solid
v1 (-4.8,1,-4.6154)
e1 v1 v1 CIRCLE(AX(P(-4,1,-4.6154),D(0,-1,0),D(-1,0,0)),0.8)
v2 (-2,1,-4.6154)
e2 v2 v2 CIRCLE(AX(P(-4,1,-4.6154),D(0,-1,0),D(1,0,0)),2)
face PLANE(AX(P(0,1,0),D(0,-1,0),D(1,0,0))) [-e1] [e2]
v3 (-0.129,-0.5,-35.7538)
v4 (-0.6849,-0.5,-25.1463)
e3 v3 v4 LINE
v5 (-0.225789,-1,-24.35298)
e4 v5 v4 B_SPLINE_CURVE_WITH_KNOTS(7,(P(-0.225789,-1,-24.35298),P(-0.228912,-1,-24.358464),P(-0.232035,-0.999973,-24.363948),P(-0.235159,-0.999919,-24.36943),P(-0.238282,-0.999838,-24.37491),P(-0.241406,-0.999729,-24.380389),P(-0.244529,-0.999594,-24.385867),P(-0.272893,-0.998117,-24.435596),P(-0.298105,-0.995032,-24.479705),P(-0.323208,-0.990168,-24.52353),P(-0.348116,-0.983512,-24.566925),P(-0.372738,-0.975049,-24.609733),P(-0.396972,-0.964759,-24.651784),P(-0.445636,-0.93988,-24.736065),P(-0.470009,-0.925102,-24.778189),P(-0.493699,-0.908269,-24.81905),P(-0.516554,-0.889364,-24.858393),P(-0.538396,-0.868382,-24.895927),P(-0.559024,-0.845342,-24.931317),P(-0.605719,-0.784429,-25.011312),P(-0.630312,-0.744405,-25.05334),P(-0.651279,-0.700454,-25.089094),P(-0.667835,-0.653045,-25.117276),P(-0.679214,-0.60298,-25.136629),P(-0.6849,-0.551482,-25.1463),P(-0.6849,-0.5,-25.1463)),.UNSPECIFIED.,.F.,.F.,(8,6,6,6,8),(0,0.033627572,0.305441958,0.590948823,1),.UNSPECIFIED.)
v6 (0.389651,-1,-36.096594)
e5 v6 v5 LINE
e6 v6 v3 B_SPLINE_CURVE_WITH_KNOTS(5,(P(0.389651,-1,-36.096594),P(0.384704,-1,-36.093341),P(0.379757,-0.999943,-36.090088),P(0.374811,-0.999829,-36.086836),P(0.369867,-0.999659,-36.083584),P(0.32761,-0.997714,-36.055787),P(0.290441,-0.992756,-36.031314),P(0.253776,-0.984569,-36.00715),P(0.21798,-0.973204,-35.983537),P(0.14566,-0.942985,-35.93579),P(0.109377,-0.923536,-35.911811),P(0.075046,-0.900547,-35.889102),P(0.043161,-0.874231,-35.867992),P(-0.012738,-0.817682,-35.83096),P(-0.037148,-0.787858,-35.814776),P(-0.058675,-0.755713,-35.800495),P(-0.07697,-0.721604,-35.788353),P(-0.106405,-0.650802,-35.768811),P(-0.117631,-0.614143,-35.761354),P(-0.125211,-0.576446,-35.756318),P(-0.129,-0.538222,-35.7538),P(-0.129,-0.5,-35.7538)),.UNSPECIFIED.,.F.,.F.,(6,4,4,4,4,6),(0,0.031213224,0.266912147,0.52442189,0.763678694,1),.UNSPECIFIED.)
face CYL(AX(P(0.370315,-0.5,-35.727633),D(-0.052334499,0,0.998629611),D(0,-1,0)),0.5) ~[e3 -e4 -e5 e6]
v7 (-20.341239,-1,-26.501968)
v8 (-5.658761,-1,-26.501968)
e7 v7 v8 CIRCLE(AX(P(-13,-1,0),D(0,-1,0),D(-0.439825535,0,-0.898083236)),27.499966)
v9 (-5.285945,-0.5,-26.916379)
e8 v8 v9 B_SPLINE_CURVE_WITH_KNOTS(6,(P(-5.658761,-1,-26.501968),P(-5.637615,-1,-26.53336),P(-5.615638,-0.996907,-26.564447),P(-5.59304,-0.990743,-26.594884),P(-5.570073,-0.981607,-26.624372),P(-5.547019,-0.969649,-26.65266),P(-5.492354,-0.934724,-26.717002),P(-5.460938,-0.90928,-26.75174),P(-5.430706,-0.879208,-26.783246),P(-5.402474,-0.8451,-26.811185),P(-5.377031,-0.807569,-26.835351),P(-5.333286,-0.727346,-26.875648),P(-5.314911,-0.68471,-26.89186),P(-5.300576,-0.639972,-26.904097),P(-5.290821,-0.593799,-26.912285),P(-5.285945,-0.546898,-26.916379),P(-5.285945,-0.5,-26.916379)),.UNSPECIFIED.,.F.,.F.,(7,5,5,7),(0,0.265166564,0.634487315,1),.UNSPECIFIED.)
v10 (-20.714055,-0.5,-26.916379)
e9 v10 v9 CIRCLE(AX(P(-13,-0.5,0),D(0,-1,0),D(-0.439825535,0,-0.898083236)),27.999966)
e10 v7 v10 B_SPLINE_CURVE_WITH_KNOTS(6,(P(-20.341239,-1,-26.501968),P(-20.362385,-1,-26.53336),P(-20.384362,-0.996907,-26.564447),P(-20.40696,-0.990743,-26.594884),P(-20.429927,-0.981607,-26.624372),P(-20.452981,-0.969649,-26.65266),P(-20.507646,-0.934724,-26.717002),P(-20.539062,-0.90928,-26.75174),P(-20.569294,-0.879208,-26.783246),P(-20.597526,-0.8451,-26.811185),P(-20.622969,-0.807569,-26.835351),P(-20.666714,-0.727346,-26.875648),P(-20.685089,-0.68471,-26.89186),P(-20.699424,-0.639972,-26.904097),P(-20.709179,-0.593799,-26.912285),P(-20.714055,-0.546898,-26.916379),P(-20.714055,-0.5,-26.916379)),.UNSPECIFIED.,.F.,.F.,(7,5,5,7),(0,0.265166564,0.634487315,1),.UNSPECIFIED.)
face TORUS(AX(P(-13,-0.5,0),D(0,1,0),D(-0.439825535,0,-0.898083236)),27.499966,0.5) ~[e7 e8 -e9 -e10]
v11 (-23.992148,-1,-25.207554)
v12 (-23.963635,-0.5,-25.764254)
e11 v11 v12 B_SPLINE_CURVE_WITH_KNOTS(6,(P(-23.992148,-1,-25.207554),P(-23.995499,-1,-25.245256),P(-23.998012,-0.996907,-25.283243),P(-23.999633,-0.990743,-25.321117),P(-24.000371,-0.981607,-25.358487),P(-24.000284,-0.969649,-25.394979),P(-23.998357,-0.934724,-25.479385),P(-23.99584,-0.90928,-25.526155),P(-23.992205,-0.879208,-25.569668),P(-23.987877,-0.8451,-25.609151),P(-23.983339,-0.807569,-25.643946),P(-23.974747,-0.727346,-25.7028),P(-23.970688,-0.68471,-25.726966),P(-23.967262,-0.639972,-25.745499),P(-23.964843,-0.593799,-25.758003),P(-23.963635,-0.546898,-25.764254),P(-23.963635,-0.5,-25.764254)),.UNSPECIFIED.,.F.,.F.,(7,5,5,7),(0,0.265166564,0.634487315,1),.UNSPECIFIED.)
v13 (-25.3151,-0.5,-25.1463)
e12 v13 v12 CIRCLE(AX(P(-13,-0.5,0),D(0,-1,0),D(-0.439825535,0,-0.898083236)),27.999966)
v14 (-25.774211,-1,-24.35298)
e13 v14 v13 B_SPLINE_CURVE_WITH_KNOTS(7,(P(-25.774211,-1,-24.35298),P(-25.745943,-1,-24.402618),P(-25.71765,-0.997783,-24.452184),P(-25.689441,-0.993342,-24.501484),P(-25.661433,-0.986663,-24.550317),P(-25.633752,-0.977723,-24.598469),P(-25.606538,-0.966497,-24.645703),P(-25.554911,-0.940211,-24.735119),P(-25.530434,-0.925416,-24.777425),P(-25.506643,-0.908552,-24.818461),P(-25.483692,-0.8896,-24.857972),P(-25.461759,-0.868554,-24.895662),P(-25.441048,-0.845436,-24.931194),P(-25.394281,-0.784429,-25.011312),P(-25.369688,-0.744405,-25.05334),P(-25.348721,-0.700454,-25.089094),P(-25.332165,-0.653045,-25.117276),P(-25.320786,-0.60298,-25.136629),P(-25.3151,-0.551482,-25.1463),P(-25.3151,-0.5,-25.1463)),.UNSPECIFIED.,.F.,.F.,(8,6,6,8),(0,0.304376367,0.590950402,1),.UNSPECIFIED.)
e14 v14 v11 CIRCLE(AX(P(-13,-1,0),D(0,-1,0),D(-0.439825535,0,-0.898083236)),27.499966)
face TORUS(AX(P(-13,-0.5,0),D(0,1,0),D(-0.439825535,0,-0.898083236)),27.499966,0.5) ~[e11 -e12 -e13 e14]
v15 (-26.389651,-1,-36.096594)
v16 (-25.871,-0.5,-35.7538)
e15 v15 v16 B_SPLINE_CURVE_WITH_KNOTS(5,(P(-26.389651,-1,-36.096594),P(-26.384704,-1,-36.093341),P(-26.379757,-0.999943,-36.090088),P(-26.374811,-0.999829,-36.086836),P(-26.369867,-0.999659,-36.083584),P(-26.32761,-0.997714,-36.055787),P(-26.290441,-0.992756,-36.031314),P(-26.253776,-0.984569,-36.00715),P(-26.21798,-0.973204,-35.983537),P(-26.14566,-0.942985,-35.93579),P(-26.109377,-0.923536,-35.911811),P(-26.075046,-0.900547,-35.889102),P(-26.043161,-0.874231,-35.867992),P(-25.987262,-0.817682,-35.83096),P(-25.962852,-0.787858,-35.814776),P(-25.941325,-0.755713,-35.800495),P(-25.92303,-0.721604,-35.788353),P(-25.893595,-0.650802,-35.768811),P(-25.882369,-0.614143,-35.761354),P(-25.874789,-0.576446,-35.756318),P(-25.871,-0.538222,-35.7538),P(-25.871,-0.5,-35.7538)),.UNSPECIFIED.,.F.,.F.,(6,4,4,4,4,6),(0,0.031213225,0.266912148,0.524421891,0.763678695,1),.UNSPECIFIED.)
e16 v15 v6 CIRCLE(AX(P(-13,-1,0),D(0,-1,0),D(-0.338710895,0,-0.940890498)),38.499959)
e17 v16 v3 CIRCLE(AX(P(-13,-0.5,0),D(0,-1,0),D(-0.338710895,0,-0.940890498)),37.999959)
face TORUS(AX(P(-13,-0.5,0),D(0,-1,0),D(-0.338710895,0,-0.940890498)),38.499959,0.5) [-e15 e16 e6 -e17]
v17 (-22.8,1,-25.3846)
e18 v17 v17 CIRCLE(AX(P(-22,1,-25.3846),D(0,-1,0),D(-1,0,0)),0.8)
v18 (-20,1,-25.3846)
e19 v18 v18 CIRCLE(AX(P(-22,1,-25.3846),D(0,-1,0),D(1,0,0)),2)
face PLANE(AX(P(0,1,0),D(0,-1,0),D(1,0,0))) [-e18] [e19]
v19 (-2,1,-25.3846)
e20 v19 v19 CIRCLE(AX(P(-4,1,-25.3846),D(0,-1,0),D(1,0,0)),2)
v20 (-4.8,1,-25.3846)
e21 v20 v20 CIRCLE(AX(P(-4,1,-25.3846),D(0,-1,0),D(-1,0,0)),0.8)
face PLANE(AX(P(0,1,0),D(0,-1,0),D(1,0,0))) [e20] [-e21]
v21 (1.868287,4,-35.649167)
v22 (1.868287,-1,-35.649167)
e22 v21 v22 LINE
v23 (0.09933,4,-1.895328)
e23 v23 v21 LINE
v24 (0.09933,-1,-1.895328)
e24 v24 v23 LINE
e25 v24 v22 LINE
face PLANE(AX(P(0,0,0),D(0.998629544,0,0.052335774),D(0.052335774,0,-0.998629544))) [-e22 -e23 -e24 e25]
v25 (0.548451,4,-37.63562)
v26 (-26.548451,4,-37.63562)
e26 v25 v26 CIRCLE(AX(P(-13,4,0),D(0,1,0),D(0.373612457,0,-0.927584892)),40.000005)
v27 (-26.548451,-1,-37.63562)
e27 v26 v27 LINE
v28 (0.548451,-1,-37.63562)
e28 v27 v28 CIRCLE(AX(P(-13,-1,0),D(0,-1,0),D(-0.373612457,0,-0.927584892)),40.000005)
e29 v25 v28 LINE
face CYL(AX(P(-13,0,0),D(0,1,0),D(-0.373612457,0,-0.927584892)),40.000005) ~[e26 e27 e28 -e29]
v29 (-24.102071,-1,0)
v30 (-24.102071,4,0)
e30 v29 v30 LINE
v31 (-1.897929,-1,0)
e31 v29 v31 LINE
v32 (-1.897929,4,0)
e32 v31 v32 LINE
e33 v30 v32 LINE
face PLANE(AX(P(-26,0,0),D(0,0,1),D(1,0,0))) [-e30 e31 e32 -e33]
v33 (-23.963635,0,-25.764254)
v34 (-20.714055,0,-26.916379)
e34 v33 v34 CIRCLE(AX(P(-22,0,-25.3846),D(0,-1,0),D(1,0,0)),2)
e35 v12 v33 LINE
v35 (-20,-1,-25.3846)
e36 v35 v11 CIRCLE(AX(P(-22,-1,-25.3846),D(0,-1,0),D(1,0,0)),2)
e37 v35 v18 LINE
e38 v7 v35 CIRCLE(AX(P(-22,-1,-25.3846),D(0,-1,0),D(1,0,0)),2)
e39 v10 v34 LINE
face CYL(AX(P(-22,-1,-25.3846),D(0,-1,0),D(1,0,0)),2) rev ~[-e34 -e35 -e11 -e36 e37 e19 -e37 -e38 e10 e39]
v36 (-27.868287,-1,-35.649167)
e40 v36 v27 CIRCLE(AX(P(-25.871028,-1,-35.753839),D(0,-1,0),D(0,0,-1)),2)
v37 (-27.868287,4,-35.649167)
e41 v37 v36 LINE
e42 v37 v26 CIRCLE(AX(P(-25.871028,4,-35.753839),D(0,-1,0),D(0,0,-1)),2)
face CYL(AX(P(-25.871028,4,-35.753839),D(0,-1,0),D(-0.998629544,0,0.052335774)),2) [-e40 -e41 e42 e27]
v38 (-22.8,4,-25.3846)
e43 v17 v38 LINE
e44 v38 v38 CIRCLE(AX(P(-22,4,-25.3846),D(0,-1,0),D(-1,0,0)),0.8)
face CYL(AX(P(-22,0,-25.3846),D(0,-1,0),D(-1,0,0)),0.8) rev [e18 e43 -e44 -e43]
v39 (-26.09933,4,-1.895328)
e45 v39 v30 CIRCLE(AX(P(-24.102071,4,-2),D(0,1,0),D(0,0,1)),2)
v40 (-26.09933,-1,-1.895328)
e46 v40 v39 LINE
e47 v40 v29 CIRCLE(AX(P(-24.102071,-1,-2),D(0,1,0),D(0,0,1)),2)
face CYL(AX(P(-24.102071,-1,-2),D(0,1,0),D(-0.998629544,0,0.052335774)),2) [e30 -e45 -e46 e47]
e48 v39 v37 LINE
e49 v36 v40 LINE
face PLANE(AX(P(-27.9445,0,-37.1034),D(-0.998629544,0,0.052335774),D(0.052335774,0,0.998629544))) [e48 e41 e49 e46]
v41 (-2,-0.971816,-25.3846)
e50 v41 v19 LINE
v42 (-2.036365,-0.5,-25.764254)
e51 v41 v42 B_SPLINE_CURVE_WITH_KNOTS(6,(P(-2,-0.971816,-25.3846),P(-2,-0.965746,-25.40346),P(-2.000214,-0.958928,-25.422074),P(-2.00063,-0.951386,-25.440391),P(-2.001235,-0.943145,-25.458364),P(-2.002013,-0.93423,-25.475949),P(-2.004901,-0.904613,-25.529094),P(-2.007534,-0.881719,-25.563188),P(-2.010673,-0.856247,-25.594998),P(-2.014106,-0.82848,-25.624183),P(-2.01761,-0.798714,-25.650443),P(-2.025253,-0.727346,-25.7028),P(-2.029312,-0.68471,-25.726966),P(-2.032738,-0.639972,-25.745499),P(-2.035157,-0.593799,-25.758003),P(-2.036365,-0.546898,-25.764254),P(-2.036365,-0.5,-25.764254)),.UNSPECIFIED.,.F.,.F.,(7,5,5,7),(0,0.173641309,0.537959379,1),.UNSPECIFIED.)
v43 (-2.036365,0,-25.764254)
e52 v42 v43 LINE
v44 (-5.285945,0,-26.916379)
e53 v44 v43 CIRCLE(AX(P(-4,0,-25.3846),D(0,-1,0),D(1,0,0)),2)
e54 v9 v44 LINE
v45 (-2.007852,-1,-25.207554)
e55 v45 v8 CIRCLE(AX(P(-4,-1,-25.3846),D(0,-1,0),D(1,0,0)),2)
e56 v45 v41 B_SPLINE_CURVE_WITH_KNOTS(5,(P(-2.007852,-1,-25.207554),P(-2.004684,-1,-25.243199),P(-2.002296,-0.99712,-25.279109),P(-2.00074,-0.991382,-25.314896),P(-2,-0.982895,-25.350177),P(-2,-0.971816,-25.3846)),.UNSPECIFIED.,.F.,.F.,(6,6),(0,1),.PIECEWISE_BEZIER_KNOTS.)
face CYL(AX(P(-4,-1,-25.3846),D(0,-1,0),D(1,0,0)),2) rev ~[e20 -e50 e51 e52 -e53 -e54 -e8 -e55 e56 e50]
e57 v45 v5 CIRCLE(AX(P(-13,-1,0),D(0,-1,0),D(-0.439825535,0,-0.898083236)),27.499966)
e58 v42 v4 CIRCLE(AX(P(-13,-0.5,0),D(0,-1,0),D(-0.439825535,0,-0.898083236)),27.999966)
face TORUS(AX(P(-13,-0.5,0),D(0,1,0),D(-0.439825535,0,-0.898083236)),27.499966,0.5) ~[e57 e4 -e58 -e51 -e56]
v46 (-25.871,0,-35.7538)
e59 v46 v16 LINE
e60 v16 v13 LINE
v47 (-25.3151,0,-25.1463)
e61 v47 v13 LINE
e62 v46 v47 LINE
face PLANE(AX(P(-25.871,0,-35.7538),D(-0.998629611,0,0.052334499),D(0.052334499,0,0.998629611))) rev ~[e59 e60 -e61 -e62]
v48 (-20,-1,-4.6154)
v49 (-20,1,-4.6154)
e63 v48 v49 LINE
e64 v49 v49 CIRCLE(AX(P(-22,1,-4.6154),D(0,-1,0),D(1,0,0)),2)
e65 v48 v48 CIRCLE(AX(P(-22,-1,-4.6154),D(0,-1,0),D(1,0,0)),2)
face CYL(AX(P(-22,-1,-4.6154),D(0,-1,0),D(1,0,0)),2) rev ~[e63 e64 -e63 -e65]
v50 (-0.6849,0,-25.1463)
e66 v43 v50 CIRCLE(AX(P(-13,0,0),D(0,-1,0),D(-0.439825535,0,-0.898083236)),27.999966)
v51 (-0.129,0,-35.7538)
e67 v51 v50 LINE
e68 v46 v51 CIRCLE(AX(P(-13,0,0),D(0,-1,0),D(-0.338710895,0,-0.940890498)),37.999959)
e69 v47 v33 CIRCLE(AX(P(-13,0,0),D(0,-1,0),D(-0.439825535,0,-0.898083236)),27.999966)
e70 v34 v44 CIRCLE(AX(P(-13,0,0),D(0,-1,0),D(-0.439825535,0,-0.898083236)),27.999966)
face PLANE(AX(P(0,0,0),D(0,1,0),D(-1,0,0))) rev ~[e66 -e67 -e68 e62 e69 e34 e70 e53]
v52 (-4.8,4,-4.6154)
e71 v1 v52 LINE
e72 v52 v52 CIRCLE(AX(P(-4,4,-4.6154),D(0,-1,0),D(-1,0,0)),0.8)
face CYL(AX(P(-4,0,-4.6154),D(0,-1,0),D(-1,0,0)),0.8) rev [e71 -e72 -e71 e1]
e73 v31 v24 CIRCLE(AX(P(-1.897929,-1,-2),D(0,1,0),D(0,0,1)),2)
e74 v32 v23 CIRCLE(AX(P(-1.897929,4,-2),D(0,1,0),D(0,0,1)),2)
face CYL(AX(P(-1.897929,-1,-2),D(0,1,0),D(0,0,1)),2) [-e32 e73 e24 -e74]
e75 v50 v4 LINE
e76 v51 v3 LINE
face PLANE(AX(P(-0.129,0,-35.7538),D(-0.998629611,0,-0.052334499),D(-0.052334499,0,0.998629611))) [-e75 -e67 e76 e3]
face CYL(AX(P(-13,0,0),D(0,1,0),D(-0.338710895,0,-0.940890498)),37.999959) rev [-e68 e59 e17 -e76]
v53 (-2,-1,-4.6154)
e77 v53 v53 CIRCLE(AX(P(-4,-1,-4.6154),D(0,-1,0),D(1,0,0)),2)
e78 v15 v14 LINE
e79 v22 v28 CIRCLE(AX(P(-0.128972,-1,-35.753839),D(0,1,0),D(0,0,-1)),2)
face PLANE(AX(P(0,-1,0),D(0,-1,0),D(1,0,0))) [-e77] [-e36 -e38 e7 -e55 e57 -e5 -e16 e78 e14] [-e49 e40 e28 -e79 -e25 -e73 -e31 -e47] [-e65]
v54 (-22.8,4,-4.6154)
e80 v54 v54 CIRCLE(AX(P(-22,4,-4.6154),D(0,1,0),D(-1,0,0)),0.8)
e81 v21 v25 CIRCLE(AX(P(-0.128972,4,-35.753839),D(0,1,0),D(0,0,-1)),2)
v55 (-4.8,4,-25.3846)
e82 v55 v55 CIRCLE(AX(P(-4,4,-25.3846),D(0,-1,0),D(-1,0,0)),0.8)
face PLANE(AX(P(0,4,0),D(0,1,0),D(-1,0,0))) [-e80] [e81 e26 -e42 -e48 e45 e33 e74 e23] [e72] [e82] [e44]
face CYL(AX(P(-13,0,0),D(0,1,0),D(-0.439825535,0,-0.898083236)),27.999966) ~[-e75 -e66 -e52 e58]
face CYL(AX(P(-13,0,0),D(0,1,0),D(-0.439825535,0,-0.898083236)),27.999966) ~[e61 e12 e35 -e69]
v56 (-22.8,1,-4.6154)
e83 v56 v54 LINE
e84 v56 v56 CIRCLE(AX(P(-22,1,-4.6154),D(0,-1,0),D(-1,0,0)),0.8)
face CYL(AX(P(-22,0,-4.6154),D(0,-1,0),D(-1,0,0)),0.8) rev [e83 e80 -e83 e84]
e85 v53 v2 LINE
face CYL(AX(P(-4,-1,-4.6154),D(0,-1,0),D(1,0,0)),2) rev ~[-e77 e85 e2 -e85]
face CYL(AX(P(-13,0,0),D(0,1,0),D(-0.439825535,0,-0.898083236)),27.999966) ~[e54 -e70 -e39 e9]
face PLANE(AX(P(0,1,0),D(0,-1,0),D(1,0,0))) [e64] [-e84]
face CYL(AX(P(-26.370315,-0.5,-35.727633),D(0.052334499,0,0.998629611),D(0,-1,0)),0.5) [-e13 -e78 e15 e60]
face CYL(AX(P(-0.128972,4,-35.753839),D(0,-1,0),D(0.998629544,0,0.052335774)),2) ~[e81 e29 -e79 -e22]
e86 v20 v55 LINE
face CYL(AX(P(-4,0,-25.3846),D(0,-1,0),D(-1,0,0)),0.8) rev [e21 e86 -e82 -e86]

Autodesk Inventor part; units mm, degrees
ref_plane "YZ Plane" through (0, 0, 0) normal (1, 0, 0) x (0, 1, 0)
ref_plane "XZ Plane" through (0, 0, 0) normal (0, 1, 0) x (-1, 0, 0)
ref_plane "XY Plane" through (0, 0, 0) normal (0, 0, 1) x (1, 0, 0)
sketch "スケッチ1" plane through (0, 0, 0) normal (0, 1, 0) x (-1, 0, 0)
  line L0 (26, 0) -> (0, 0)
  line L1 (0, 0) -> (0, -30)
  line L2 (0, -30) -> (26, -30)
  line L3 (26, -30) -> (26, 0)
  line L4 (26, 0) -> (27.9445, -37.1034)
  line L5 (0, 0) -> (-1.9445, -37.1034)
  arc A0 (-1.9445, -37.1034) -> (27.9445, -37.1034) centre (13, 0) ccw
  line L6 (0, 0) -> (26, -30)
  line L7 (0, -30) -> (26, 0)
  line L8 (4, -4.6154) -> (22, -4.6154)
  line L9 (22, -4.6154) -> (22, -25.3846)
  line L10 (22, -25.3846) -> (4, -25.3846)
  line L11 (4, -25.3846) -> (4, -4.6154)
  circle A1 centre (4, -4.6154) radius 0.8
  circle A2 centre (4, -25.3846) radius 0.8
  circle A3 centre (22, -4.6154) radius 0.8
  circle A4 centre (22, -25.3846) radius 0.8
  dimension "d0" = 26
  dimension "d3" = 30
  dimension "d4" = 3
  dimension "d5" = 3
  dimension "d6" = 40
  dimension "d17" = 4
  dimension "d18" = 1.6
  dimension "d19" = 1.6
  dimension "d20" = 1.6
  dimension "d21" = 1.6
extrude "押し出し1" add sketch "スケッチ1" along normal blind 4 contours L7 A3 L8 A1 L6 L0 | L4 A0 L5 L1 L2 L3 | L3 L6 A4 L9 A3 L7 | L6 A1 L11 A2 L7 L1 | L2 L7 A2 L10 A4 L6 | A3 L7 L6 A1 L8 | A1 L6 L7 A2 L11 | L10 A2 L7 L6 A4 | A3 L9 A4 L6 L7
sketch "スケッチ2" plane through (0, 0, 0) normal (0, -1, 0) x (1, 0, 0)
  arc A0 (-25.871, -35.7538) -> (-0.129, -35.7538) centre (-13, 0) ccw
  arc A1 (-27.9445, -37.1034) -> (1.9445, -37.1034) centre (-13, 0) ccw projected
  line L0 (-0.129, -35.7538) -> (-0.6849, -25.1463)
  line L1 (-25.871, -35.7538) -> (-25.3151, -25.1463)
  arc A2 (-25.3151, -25.1463) -> (-0.6849, -25.1463) centre (-13, 0) ccw
  line L2 (0, 0) -> (1.9445, -37.1034) projected
  line L3 (-27.9445, -37.1034) -> (-26, 0) projected
  line L4 (-26, 0) -> (0, 0) projected
  circle A3 centre (-4, -4.6154) radius 0.8 projected
  circle A4 centre (-22, -4.6154) radius 0.8 projected
  circle A5 centre (-22, -25.3846) radius 0.8 projected
  circle A6 centre (-4, -25.3846) radius 0.8 projected
  dimension "d9" = 2
  dimension "d10" = 2
  dimension "d11" = 2
  dimension "d12" = 10
extrude "押し出し3" add sketch "スケッチ2" along normal blind 1
fillet "フィレット1" radius 0.5 4 edges at (-13, -1, -28) (-0.4069, -1, -30.4501) (-13, -1, -38) (-25.5931, -1, -30.4501)
fillet "フィレット2" radius 2 4 edges at (-27.9445, 1.5, -37.1034) (1.9445, 1.5, -37.1034) (0, 1.5, 0) (-26, 1.5, 0)
sketch "スケッチ3" plane through (0, -1, 0) normal (0, -1, 0) x (1, 0, 0)
  circle A0 centre (-4, -4.6154) radius 0.8 projected
  circle A1 centre (-22, -4.6154) radius 0.8 projected
  arc A2 (-21.6502, -26.1041) -> (-22.7249, -25.7231) centre (-22, -25.3846) ccw projected
  arc A3 (-3.2751, -25.7231) -> (-4.3498, -26.1041) centre (-4, -25.3846) ccw projected
  circle A4 centre (-4, -4.6154) radius 2
  circle A5 centre (-22, -4.6154) radius 2
  circle A6 centre (-22, -25.3846) radius 2
  circle A7 centre (-4, -25.3846) radius 2
  point P0 (0, 0)
  dimension "d22" = 4
  dimension "d23" = 4
  dimension "d24" = 4
  dimension "d25" = 4
extrude "押し出し4" cut sketch "スケッチ3" against normal blind 2 contours A0 | A1 | A4 | A5 | A6 | A7
properties part number "toe_sole_back"
